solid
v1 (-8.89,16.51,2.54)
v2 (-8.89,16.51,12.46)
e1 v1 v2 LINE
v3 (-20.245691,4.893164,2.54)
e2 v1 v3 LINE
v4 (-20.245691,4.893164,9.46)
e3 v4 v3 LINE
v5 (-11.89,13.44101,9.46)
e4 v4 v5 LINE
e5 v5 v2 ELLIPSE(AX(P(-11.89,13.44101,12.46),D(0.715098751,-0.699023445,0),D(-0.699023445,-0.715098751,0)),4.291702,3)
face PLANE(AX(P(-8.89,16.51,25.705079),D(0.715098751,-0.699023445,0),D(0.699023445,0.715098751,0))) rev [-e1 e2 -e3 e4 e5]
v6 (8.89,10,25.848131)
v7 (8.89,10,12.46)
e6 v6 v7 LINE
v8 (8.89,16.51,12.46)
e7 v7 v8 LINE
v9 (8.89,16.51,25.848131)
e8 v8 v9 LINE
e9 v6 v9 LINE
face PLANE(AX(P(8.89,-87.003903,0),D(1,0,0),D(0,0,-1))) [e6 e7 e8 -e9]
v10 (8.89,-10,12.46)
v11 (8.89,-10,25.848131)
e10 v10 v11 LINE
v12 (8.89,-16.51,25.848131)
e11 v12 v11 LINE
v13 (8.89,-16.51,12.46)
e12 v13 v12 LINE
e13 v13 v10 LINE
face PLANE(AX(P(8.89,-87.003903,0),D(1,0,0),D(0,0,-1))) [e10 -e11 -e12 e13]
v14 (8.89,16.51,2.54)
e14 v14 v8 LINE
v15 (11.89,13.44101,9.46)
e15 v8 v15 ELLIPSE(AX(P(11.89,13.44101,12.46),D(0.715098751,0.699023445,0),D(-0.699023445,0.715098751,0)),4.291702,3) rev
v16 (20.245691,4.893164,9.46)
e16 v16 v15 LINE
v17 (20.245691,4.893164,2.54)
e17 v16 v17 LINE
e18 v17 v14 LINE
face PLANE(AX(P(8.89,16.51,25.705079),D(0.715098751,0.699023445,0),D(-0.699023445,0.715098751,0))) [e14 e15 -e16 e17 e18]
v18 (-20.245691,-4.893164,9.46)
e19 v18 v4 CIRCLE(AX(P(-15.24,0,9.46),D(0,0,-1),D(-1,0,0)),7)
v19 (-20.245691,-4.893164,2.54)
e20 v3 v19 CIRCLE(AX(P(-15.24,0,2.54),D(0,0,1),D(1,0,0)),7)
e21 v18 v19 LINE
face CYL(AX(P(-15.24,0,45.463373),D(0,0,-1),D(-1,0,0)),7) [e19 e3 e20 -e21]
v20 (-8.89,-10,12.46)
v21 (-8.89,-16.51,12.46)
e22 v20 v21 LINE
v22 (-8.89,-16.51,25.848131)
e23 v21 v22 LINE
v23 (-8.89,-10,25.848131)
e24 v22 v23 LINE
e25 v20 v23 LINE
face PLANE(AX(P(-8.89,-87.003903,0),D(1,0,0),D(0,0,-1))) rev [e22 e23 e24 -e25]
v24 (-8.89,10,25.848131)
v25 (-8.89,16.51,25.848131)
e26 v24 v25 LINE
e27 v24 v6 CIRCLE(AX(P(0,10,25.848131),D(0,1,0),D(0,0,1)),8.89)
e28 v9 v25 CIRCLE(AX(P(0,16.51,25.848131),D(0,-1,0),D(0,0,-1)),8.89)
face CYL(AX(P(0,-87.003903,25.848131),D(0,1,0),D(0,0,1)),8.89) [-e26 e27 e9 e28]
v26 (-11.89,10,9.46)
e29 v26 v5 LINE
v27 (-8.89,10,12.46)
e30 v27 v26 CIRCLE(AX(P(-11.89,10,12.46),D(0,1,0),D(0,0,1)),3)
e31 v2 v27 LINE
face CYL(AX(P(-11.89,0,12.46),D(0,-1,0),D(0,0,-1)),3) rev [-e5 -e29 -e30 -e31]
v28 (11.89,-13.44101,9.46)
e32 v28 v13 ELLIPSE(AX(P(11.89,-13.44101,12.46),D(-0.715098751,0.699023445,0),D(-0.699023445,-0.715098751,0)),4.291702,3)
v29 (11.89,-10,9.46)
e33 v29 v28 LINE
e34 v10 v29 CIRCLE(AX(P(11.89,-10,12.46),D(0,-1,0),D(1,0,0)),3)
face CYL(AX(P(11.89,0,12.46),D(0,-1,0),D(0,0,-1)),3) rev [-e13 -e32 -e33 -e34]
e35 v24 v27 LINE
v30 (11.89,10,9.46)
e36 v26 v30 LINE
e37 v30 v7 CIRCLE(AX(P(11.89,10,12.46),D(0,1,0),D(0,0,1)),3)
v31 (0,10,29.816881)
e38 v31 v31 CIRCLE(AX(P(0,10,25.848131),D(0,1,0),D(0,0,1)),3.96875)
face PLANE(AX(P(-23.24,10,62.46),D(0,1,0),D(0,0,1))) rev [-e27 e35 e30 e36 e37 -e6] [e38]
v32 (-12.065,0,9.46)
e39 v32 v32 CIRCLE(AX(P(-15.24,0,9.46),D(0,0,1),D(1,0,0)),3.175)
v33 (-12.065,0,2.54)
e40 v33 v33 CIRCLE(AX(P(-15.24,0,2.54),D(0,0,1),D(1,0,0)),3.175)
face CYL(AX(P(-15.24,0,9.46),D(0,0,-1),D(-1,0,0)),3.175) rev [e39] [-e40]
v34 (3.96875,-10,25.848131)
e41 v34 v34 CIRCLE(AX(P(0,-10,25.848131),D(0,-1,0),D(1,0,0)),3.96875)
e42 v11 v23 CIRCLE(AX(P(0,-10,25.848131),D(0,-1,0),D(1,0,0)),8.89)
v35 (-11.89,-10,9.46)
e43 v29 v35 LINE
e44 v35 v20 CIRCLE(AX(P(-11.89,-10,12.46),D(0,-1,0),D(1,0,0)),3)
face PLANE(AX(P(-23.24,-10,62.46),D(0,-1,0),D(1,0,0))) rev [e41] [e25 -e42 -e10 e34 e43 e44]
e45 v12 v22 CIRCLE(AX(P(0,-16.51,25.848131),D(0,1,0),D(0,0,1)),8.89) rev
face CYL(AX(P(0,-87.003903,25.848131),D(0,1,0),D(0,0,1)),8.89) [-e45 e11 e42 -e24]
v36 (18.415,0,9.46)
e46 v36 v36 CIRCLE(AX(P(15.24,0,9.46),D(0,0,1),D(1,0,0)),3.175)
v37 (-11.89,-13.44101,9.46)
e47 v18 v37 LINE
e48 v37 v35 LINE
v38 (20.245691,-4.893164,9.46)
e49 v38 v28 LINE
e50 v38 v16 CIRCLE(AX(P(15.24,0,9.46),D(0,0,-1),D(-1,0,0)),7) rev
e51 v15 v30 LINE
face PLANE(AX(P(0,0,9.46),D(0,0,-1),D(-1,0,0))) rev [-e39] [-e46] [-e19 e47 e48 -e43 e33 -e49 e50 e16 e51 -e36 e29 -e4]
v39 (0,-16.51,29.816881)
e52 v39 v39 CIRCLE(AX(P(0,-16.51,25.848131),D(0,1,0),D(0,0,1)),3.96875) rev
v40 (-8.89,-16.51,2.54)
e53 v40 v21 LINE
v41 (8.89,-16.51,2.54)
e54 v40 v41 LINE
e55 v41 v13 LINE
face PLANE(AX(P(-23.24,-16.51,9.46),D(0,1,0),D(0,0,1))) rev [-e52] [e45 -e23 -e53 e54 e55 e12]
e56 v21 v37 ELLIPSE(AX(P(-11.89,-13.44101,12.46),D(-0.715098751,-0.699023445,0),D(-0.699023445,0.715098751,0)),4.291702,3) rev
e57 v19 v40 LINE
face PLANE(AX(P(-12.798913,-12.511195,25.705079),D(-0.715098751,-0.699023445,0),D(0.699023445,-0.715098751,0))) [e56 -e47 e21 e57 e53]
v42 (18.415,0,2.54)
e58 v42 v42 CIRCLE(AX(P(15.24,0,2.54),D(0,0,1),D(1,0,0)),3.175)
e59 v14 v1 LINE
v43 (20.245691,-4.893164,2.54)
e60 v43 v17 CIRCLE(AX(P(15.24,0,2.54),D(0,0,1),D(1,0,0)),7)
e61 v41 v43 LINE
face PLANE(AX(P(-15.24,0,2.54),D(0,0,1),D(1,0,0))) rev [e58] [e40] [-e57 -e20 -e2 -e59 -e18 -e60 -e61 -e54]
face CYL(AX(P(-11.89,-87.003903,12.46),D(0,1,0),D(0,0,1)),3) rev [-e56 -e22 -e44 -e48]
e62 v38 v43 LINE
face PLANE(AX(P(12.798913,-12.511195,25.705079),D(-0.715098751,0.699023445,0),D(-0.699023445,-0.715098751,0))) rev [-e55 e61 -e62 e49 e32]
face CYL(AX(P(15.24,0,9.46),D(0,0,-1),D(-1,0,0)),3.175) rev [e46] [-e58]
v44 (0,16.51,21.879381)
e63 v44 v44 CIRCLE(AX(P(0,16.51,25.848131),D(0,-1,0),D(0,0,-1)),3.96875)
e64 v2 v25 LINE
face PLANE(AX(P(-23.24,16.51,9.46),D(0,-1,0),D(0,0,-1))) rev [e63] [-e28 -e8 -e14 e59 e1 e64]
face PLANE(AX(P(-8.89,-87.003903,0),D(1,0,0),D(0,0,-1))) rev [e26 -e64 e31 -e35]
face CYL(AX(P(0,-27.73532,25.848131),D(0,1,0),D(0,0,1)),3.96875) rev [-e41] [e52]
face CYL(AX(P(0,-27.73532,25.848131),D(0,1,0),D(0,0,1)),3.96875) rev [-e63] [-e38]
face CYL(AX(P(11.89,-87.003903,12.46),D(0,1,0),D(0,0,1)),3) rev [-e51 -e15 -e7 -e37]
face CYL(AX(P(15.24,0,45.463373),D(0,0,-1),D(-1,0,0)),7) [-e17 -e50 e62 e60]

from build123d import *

# Parameters (mm, degrees)
SKETCH1_W                      = 46.48
SKETCH1_H                      = 33.02
SKETCH1_R                      = 3.175
BOSS_EXTRUDE1_DEPTH            = 9.46
SKETCH2_W                      = 46.48
SKETCH2_H                      = 6.51
BOSS_EXTRUDE2_DEPTH            = 53
CUT_EXTRUDE1_REACH             = 70.658
SKETCH4_R                      = 3.96875
CUT_EXTRUDE1_DIRECTION_2_REACH = 70.658
CUT_EXTRUDE3_REACH             = 70.658
CUT_EXTRUDE3_DIRECTION_2_REACH = 70.658
CUT_EXTRUDE4_DEPTH             = 9.46
BOSS_EXTRUDE3_DEPTH            = 9.46
FILLET3_R                      = 3
CUT_EXTRUDE5_DEPTH             = 2.54


with BuildPart() as part:
    # Sketch1 → Boss-Extrude1 (new body)
    with BuildSketch(Plane.XY):
        Rectangle(SKETCH1_W, SKETCH1_H)
        with Locations((15.24, 0)):
            Circle(SKETCH1_R, mode=Mode.SUBTRACT)
        with Locations((-15.24, 0)):
            Circle(SKETCH1_R, mode=Mode.SUBTRACT)
    extrude(amount=BOSS_EXTRUDE1_DEPTH)

    # Sketch2 → Boss-Extrude2 (add)
    with BuildSketch(Plane.XY.offset(9.46)):
        with Locations((0, 13.255)):
            Rectangle(SKETCH2_W, SKETCH2_H)
        with Locations((0, -13.255)):
            Rectangle(SKETCH2_W, SKETCH2_H)
    extrude(amount=BOSS_EXTRUDE2_DEPTH)

    # Cut-Extrude1: up to this face of the body (flat: up to its plane)
    cut_extrude1_end = Plane(part.part.faces().sort_by_distance((0, -16.51, 31.23))[0])
    # Sketch4 → Cut-Extrude1 (cut, up to the picked face)
    with BuildSketch(Plane(origin=(0, 0, 0), x_dir=(1, 0, 0), z_dir=(0, 1, 0)), mode=Mode.PRIVATE) as cut_extrude1_sk1:
        with Locations(Location((0, -25.8481308, 0), (0, 0, 270))):
            Circle(SKETCH4_R)
    cut_extrude1_tool1 = split(extrude(cut_extrude1_sk1.sketch, amount=-CUT_EXTRUDE1_REACH, mode=Mode.PRIVATE), bisect_by=cut_extrude1_end, keep=Keep.BOTH, mode=Mode.PRIVATE)
    add(cut_extrude1_tool1.solids().sort_by(Axis((0, 0, 25.848131), (0, -1, 0)))[0], mode=Mode.SUBTRACT)

    # Cut-Extrude1 direction 2: up to this face of the body (flat: up to its plane)
    cut_extrude1_direction_2_end = Plane(part.part.faces().sort_by_distance((0, 16.51, 31.23))[0])
    # Sketch4 → Cut-Extrude1 direction 2 (cut, up to the picked face)
    with BuildSketch(Plane(origin=(0, 0, 0), x_dir=(1, 0, 0), z_dir=(0, 1, 0)), mode=Mode.PRIVATE) as cut_extrude1_direction_2_sk1:
        with Locations(Location((0, -25.8481308, 0), (0, 0, 270))):
            Circle(SKETCH4_R)
    cut_extrude1_direction_2_tool1 = split(extrude(cut_extrude1_direction_2_sk1.sketch, amount=CUT_EXTRUDE1_DIRECTION_2_REACH, mode=Mode.PRIVATE), bisect_by=cut_extrude1_direction_2_end, keep=Keep.BOTH, mode=Mode.PRIVATE)
    add(cut_extrude1_direction_2_tool1.solids().sort_by(Axis((0, 0, 25.848131), (0, 1, 0)))[0], mode=Mode.SUBTRACT)

    # Cut-Extrude3: up to this face of the body (flat: up to its plane)
    cut_extrude3_end = Plane(part.part.faces().sort_by_distance((0, -16.51, 31.323322986))[0])
    # Sketch6 → Cut-Extrude3 (cut, up to the picked face)
    with BuildSketch(Plane(origin=(0, 0, 0), x_dir=(1, 0, 0), z_dir=(0, 1, 0)), mode=Mode.PRIVATE) as cut_extrude3_sk1:
        with BuildLine():
            Line((-8.89, -25.8481308), (-8.89, -17.46))
            Line((-8.89, -17.46), (-8.89, -9.46))
            Line((-8.89, -9.46), (-16.89, -9.46))
            Line((-16.89, -9.46), (-23.24, -9.46))
            Line((-23.24, -9.46), (-23.24, -62.46))
            Line((-23.24, -62.46), (23.24, -62.46))
            Line((23.24, -62.46), (23.24, -9.46))
            Line((23.24, -9.46), (16.89, -9.46))
            Line((16.89, -9.46), (8.89, -9.46))
            Line((8.89, -9.46), (8.89, -17.46))
            Line((8.89, -17.46), (8.89, -25.8481308))
            ThreePointArc((8.89, -25.8481308), (0, -34.7381308), (-8.89, -25.8481308))
        make_face()
    cut_extrude3_tool1 = split(extrude(cut_extrude3_sk1.sketch, amount=-CUT_EXTRUDE3_REACH, mode=Mode.PRIVATE), bisect_by=cut_extrude3_end, keep=Keep.BOTH, mode=Mode.PRIVATE)
    add(cut_extrude3_tool1.solids().sort_by(Axis((0, 0, 38.948856), (0, -1, 0)))[0], mode=Mode.SUBTRACT)

    # Cut-Extrude3 direction 2: up to this face of the body (flat: up to its plane)
    cut_extrude3_direction_2_end = Plane(part.part.faces().sort_by_distance((0, 16.51, 31.323322986))[0])
    # Sketch6 → Cut-Extrude3 direction 2 (cut, up to the picked face)
    with BuildSketch(Plane(origin=(0, 0, 0), x_dir=(1, 0, 0), z_dir=(0, 1, 0)), mode=Mode.PRIVATE) as cut_extrude3_direction_2_sk1:
        with BuildLine():
            Line((-8.89, -25.8481308), (-8.89, -17.46))
            Line((-8.89, -17.46), (-8.89, -9.46))
            Line((-8.89, -9.46), (-16.89, -9.46))
            Line((-16.89, -9.46), (-23.24, -9.46))
            Line((-23.24, -9.46), (-23.24, -62.46))
            Line((-23.24, -62.46), (23.24, -62.46))
            Line((23.24, -62.46), (23.24, -9.46))
            Line((23.24, -9.46), (16.89, -9.46))
            Line((16.89, -9.46), (8.89, -9.46))
            Line((8.89, -9.46), (8.89, -17.46))
            Line((8.89, -17.46), (8.89, -25.8481308))
            ThreePointArc((8.89, -25.8481308), (0, -34.7381308), (-8.89, -25.8481308))
        make_face()
    cut_extrude3_direction_2_tool1 = split(extrude(cut_extrude3_direction_2_sk1.sketch, amount=CUT_EXTRUDE3_DIRECTION_2_REACH, mode=Mode.PRIVATE), bisect_by=cut_extrude3_direction_2_end, keep=Keep.BOTH, mode=Mode.PRIVATE)
    add(cut_extrude3_direction_2_tool1.solids().sort_by(Axis((0, 0, 38.948856), (0, 1, 0)))[0], mode=Mode.SUBTRACT)

    # Sketch7 → Cut-Extrude4 (cut)
    with BuildSketch(Plane.XY):
        with BuildLine():
            ThreePointArc((-15.24, -7), (-22.24, 0), (-15.24, 7))
            Line((-15.24, 7), (-8.89, 7))
            Line((-8.89, 7), (-8.89, 16.51))
            Line((-8.89, 16.51), (-23.24, 16.51))
            Line((-23.24, 16.51), (-23.24, -16.51))
            Line((-23.24, -16.51), (-8.89, -16.51))
            Line((-8.89, -16.51), (-8.89, -7))
            Line((-8.89, -7), (-15.24, -7))
        make_face()
        with BuildLine():
            Line((8.89, 16.51), (8.89, 7))
            Line((8.89, 7), (15.24, 7))
            ThreePointArc((15.24, 7), (22.24, 0), (15.24, -7))
            Line((15.24, -7), (8.89, -7))
            Line((8.89, -7), (8.89, -16.51))
            Line((8.89, -16.51), (23.24, -16.51))
            Line((23.24, -16.51), (23.24, 16.51))
            Line((23.24, 16.51), (8.89, 16.51))
        make_face()
    extrude(amount=CUT_EXTRUDE4_DEPTH, mode=Mode.SUBTRACT)

    # Sketch8 → Boss-Extrude3 (add)
    with BuildSketch(Plane.XY):
        with BuildLine():
            Line((8.89, -16.51), (20.245691258, -4.893164112))
            ThreePointArc((20.245691258, -4.893164112), (17.955497304, -6.451827213), (15.24, -7))
            Line((15.24, -7), (8.89, -7))
            Line((8.89, -7), (8.89, -16.51))
        make_face()
        with BuildLine():
            ThreePointArc((-20.245691258, -4.893164112), (-17.955497304, -6.451827213), (-15.24, -7))
            Line((-15.24, -7), (-8.89, -7))
            Line((-8.89, -7), (-8.89, -16.51))
            Line((-8.89, -16.51), (-20.245691258, -4.893164112))
        make_face()
        with BuildLine():
            Line((8.89, 16.51), (20.245691258, 4.893164112))
            ThreePointArc((20.245691258, 4.893164112), (17.955497304, 6.451827213), (15.24, 7))
            Line((15.24, 7), (8.89, 7))
            Line((8.89, 7), (8.89, 16.51))
        make_face()
        with BuildLine():
            Line((-8.89, 16.51), (-20.245691258, 4.893164112))
            ThreePointArc((-20.245691258, 4.893164112), (-17.955497304, 6.451827213), (-15.24, 7))
            Line((-15.24, 7), (-8.89, 7))
            Line((-8.89, 7), (-8.89, 16.51))
        make_face()
    extrude(amount=BOSS_EXTRUDE3_DEPTH)

    # Fillet3
    fillet3_edges = [part.edges().sort_by_distance(p)[0] for p in [
        (8.89, -13.255, 9.46),
        (-8.89, -13.255, 9.46),
        (8.89, 13.255, 9.46),
        (-8.89, 13.255, 9.46),
    ]]
    fillet(fillet3_edges, radius=FILLET3_R)

    # Sketch10 → Cut-Extrude5 (cut)
    with BuildSketch(Plane.XY):
        with BuildLine():
            Line((-8.89, 16.51), (-20.245691258, 4.893164112))
            ThreePointArc((-20.245691258, 4.893164112), (-22.24, 0), (-20.245691258, -4.893164112))
            Line((-20.245691258, -4.893164112), (-8.89, -16.51))
            Line((-8.89, -16.51), (8.89, -16.51))
            Line((8.89, -16.51), (20.245691258, -4.893164112))
            ThreePointArc((20.245691258, -4.893164112), (22.24, 0), (20.245691258, 4.893164112))
            Line((20.245691258, 4.893164112), (8.89, 16.51))
            Line((8.89, 16.51), (-8.89, 16.51))
        make_face()
    extrude(amount=CUT_EXTRUDE5_DEPTH, mode=Mode.SUBTRACT)


solid = part.part
